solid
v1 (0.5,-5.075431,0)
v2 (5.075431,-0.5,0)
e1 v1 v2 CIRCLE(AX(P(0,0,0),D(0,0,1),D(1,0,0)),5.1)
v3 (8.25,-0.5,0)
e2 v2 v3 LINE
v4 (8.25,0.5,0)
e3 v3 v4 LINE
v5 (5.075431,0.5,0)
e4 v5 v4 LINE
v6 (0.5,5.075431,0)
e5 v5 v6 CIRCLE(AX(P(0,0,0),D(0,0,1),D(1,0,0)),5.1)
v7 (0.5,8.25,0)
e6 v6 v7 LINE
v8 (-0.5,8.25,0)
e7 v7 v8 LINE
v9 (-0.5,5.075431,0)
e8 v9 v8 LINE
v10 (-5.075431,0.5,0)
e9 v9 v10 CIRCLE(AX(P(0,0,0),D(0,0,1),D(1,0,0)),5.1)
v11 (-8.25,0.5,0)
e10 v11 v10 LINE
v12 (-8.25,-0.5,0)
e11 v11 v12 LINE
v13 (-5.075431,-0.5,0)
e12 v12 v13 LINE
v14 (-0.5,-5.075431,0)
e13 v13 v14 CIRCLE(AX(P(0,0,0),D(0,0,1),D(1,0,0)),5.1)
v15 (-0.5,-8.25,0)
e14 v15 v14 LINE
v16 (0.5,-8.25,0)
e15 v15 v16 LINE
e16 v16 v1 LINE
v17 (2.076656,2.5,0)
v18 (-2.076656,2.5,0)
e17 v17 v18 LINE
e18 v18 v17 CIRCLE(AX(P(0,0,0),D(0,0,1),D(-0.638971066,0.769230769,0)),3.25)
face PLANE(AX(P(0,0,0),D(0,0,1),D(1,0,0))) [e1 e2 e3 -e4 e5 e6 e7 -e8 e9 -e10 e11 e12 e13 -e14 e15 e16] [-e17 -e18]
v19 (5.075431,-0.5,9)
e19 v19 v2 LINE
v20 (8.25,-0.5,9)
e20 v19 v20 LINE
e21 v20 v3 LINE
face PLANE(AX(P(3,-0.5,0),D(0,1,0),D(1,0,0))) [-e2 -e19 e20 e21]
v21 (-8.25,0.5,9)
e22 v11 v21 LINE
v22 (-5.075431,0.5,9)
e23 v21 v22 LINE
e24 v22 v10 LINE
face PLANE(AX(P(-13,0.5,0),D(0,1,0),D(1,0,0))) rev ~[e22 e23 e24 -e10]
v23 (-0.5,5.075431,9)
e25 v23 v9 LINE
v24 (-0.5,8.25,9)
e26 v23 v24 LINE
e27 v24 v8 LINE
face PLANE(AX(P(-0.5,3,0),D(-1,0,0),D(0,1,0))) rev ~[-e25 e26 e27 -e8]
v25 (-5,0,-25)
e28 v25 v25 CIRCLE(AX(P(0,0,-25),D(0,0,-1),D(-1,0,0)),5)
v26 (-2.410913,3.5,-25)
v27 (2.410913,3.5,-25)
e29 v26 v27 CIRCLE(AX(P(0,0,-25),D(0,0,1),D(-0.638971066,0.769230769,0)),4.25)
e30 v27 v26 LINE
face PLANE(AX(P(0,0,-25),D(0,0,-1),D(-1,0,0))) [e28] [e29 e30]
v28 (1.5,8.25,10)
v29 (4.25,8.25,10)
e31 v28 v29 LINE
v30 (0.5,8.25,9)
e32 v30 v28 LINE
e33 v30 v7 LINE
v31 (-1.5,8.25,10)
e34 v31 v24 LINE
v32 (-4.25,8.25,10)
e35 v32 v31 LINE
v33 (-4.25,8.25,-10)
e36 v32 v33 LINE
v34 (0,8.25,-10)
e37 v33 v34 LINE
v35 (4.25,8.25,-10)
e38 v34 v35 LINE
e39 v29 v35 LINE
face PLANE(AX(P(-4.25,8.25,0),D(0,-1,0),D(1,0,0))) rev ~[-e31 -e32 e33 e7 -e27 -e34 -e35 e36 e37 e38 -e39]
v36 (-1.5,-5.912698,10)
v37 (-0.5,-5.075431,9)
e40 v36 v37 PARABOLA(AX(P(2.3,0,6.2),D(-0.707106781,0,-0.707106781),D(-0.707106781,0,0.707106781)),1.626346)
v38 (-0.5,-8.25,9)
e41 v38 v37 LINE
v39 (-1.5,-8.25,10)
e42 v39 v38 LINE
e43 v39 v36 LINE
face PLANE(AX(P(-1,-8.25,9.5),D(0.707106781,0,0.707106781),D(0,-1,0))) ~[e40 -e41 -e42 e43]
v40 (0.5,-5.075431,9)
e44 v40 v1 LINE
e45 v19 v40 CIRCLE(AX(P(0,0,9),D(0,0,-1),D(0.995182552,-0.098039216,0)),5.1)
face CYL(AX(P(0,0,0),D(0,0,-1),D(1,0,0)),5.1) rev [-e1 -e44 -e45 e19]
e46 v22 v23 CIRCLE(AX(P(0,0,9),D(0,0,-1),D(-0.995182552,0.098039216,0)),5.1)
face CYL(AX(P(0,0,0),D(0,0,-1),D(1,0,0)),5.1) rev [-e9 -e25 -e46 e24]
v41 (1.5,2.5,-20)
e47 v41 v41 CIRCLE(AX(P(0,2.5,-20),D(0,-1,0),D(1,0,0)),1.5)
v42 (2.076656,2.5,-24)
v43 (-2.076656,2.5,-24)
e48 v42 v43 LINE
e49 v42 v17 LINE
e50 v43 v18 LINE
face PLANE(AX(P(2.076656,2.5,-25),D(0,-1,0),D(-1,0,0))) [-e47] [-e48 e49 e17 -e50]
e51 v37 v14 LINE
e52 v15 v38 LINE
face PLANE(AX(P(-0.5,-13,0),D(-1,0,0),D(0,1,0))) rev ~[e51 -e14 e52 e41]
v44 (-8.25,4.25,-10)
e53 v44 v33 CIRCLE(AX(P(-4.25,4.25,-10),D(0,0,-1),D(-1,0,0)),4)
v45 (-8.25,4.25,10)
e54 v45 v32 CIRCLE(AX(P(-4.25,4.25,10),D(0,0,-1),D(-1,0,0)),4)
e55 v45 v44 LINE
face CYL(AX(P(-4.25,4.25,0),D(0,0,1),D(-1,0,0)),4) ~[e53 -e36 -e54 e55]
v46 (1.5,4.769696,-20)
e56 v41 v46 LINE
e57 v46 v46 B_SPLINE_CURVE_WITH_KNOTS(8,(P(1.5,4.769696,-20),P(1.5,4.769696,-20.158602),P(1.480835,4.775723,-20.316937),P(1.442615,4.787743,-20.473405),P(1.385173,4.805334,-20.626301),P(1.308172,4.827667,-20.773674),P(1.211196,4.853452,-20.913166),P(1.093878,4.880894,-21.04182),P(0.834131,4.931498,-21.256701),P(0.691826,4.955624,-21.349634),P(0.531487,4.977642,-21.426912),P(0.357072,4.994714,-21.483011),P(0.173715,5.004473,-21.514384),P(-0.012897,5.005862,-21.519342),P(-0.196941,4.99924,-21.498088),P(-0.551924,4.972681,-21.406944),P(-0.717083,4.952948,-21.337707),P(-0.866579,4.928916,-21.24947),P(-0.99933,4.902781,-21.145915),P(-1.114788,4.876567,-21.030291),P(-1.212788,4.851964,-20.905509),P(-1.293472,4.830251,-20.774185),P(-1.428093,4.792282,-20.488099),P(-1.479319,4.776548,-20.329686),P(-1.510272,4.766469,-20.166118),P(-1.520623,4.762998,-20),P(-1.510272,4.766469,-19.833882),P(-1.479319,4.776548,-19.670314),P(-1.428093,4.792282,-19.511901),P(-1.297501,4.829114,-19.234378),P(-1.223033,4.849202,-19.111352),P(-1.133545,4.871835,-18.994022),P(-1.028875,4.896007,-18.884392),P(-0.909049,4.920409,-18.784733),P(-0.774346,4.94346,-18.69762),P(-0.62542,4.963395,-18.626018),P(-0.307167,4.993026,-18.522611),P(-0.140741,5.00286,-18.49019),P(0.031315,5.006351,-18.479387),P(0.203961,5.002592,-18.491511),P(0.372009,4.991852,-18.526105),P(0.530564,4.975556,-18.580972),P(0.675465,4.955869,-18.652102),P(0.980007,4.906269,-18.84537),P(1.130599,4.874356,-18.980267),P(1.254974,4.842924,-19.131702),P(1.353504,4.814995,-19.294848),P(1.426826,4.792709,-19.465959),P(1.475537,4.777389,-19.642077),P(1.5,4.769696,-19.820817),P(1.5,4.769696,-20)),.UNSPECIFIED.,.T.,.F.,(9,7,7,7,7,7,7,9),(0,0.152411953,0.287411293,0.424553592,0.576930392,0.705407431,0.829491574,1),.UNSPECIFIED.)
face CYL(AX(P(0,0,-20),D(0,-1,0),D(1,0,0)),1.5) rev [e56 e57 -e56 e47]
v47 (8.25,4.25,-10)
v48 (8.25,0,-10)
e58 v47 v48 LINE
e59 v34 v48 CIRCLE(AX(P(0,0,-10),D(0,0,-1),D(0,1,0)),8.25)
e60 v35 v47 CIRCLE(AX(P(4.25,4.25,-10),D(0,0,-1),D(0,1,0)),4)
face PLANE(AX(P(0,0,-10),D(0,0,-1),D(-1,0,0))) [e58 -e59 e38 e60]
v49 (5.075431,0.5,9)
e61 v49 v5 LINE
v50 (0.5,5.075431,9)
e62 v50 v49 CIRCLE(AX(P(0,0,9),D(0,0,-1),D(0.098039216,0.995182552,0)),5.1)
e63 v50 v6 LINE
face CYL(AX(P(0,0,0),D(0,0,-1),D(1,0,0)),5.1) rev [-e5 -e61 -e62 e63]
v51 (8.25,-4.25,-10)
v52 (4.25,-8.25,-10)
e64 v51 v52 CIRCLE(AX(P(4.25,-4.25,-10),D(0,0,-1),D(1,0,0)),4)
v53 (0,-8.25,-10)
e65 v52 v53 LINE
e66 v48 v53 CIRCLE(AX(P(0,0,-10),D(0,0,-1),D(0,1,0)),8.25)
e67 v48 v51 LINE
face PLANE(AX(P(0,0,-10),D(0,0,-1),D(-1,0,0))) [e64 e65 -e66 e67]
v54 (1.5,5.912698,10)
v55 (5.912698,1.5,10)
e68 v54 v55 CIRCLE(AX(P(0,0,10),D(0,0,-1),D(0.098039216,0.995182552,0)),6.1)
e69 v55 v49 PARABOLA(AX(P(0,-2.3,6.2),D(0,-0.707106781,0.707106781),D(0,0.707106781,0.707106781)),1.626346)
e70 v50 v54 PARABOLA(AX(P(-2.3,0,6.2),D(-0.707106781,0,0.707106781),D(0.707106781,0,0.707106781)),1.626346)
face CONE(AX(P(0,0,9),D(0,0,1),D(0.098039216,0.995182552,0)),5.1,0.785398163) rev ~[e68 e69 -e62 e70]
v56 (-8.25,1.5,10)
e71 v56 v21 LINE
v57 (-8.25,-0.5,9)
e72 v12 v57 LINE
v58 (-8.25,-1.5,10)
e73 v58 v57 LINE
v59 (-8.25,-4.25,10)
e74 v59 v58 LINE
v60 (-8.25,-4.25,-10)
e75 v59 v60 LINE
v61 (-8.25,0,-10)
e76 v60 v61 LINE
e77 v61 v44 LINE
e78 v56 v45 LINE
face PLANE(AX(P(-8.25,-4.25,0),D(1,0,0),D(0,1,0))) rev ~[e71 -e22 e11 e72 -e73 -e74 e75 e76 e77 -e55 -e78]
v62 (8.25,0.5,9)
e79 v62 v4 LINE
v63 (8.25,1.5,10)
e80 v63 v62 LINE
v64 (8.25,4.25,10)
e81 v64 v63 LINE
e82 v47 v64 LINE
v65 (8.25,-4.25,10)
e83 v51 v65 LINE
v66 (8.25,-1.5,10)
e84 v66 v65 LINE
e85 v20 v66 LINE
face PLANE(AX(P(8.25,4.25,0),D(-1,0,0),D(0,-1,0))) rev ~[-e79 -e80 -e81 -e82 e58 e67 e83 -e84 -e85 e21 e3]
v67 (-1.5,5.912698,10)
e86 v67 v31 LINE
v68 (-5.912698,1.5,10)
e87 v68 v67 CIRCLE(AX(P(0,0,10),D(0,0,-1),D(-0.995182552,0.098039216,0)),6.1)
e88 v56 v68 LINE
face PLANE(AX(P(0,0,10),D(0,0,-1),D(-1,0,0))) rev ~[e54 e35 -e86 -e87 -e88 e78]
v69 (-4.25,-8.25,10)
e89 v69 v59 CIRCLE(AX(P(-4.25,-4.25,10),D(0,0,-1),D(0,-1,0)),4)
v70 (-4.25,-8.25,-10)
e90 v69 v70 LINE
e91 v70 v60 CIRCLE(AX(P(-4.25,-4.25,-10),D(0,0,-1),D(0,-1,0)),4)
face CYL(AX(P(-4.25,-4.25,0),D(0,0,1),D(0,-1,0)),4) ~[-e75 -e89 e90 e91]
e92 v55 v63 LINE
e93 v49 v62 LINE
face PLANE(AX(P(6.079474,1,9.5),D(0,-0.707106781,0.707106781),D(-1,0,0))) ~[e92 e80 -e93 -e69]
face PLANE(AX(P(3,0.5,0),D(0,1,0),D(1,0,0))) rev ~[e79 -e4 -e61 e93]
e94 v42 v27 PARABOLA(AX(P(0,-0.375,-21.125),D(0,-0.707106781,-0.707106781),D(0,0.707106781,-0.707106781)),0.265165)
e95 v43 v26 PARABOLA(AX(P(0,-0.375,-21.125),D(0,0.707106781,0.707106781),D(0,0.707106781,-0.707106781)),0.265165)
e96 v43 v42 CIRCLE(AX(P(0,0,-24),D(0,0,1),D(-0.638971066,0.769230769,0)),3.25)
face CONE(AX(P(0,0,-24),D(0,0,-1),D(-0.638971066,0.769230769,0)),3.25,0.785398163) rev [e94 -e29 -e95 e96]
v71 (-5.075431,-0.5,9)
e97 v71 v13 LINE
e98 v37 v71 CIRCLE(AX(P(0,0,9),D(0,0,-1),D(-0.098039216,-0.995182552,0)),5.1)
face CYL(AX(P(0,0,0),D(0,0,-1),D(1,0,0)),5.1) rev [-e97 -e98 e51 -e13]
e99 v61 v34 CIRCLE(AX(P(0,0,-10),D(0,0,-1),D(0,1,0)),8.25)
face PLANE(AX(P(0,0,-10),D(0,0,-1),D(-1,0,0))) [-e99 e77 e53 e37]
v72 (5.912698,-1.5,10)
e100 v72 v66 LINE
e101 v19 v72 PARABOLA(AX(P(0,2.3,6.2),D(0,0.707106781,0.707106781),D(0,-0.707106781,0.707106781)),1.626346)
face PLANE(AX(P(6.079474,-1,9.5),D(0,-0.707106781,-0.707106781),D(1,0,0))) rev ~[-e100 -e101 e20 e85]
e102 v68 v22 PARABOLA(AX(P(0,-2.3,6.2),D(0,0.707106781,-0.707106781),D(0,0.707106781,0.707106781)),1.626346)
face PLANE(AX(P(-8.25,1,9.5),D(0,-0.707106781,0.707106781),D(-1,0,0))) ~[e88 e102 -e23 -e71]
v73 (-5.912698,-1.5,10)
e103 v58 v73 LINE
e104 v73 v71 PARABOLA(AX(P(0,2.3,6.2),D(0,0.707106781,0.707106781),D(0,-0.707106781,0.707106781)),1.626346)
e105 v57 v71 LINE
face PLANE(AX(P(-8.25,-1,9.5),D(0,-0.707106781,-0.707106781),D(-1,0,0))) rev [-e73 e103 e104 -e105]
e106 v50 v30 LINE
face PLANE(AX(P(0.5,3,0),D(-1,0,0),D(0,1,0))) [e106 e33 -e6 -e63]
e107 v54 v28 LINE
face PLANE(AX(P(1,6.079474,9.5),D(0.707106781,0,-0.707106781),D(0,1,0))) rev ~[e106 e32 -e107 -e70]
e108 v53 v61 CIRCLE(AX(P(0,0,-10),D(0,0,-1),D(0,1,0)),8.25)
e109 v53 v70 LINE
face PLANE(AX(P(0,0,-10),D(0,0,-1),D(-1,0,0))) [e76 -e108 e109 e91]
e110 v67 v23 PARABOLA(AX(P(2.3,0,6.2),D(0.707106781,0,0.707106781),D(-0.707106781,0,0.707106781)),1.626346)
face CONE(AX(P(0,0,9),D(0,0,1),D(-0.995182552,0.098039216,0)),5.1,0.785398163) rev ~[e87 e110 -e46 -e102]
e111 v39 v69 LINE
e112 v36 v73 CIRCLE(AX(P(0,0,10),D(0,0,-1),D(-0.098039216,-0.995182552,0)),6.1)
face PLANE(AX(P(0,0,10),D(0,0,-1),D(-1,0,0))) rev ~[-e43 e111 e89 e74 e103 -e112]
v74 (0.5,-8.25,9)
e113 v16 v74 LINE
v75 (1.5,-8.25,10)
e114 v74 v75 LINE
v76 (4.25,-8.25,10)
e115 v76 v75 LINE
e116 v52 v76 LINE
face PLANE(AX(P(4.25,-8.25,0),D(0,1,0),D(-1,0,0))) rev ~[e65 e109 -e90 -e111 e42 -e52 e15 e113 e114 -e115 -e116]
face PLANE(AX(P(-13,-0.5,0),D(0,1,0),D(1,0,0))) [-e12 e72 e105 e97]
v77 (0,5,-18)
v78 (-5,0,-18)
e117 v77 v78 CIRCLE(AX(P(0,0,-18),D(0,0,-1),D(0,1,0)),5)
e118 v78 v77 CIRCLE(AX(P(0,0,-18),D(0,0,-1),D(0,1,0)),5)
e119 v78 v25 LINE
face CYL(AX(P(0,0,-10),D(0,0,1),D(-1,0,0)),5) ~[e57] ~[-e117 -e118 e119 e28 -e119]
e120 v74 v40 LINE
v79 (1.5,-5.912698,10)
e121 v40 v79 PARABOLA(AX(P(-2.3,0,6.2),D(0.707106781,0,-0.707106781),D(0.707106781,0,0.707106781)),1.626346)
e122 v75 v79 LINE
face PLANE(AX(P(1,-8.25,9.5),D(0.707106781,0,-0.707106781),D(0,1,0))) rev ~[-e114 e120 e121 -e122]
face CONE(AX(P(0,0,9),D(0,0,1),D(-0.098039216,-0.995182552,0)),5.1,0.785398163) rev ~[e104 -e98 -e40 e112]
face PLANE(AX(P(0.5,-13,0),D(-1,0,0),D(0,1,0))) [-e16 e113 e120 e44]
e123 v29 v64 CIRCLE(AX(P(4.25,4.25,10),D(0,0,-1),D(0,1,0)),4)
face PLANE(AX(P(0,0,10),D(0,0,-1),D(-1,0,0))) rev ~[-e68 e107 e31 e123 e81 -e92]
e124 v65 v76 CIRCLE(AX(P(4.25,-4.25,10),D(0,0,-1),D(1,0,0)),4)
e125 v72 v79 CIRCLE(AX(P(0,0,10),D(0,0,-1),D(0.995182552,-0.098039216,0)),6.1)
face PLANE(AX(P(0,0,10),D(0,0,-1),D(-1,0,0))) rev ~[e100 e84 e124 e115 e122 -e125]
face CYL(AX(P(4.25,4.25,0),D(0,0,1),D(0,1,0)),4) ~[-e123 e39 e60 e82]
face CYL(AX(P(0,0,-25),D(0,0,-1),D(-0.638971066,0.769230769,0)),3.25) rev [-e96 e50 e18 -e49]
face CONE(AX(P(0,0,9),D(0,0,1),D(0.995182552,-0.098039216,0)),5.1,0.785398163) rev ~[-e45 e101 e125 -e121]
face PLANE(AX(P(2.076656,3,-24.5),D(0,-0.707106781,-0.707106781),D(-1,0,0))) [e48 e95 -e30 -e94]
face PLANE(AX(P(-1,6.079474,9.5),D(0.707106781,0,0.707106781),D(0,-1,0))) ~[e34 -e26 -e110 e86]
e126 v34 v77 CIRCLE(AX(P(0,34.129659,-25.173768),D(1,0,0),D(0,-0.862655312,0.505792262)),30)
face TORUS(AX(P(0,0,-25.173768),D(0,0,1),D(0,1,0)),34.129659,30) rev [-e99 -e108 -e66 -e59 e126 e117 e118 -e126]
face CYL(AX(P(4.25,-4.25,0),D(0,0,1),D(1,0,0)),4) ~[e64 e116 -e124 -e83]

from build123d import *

# Parameters (mm, degrees)
BOSS_EXTRUDE1_DEPTH = 10
SKETCH12_R          = 5
BOSS_EXTRUDE3_DEPTH = 15
CUT_EXTRUDE3_DEPTH  = 40
SKETCH14_R          = 1.5
CUT_EXTRUDE4_DEPTH  = 12
CHAMFER5_SIZE       = 1
SKETCH10_W          = 1
SKETCH10_H          = 10
SKETCH10_W_2        = 10
SKETCH10_H_2        = 1
CUT_EXTRUDE5_DEPTH  = 25
SKETCH16_R          = 5.1
CUT_EXTRUDE6_DEPTH  = 25
CHAMFER6_SIZE       = 1
CHAMFER7_SIZE       = 1


with BuildPart() as part:
    # Sketch2 → Boss-Extrude1 (new body, symmetric)
    with BuildSketch(Plane.XY):
        with BuildLine():
            Line((4.25, -8.25), (-4.25, -8.25))
            ThreePointArc((-4.25, -8.25), (-7.078427125, -7.078427125), (-8.25, -4.25))
            Line((-8.25, -4.25), (-8.25, 4.25))
            ThreePointArc((-8.25, 4.25), (-7.078427125, 7.078427125), (-4.25, 8.25))
            Line((-4.25, 8.25), (4.25, 8.25))
            ThreePointArc((4.25, 8.25), (7.078427125, 7.078427125), (8.25, 4.25))
            Line((8.25, 4.25), (8.25, -4.25))
            ThreePointArc((8.25, -4.25), (7.078427125, -7.078427125), (4.25, -8.25))
        make_face()
    extrude(amount=BOSS_EXTRUDE1_DEPTH, both=True)

    # Sketch12 → Boss-Extrude3 (add)
    with BuildSketch(Plane(origin=(0, 0, -10), x_dir=(-1, 0, 0), z_dir=(0, 0, -1))):
        Circle(SKETCH12_R)
    extrude(amount=BOSS_EXTRUDE3_DEPTH)

    # Sketch13 → Cut-Extrude3 (cut)
    with BuildSketch(Plane(origin=(0, 0, -25), x_dir=(-1, 0, 0), z_dir=(0, 0, -1))):
        with BuildLine():
            Line((-2.076655966, 2.5), (2.076655966, 2.5))
            ThreePointArc((2.076655966, 2.5), (0, -3.25), (-2.076655966, 2.5))
        make_face()
    extrude(amount=-CUT_EXTRUDE3_DEPTH, mode=Mode.SUBTRACT)

    # Sketch14 → Cut-Extrude4 (cut)
    with BuildSketch(Plane(origin=(0, 0, 0), x_dir=(1, 0, 0), z_dir=(0, 1, 0))):
        with Locations((0, 20)):
            Circle(SKETCH14_R)
    extrude(amount=CUT_EXTRUDE4_DEPTH, mode=Mode.SUBTRACT)

    # Chamfer5
    chamfer5_edges = [part.edges().sort_by_distance(p)[0] for p in [
        (0, 2.5, -25),
        (0, -3.25, -25),
    ]]
    chamfer(chamfer5_edges, length=CHAMFER5_SIZE)

    # Sketch10 → Cut-Extrude5 (cut)
    with BuildSketch(Plane.XY):
        with Locations((0, 8)):
            Rectangle(SKETCH10_W, SKETCH10_H)
        with Locations((8, 0)):
            Rectangle(SKETCH10_W_2, SKETCH10_H_2)
        with Locations((0, -8)):
            Rectangle(SKETCH10_W, SKETCH10_H)
        with Locations((-8, 0)):
            Rectangle(SKETCH10_W_2, SKETCH10_H_2)
    extrude(amount=CUT_EXTRUDE5_DEPTH, mode=Mode.SUBTRACT)

    # Sketch16 → Cut-Extrude6 (cut)
    with BuildSketch(Plane.XY):
        Circle(SKETCH16_R)
    extrude(amount=CUT_EXTRUDE6_DEPTH, mode=Mode.SUBTRACT)

    # Sketch56 → Revolve3 (revolve)
    with BuildSketch(Plane(origin=(0, 0, 0), x_dir=(0, 0, -1), z_dir=(1, 0, 0))):
        with BuildLine():
            Line((10, 5), (10, 8.25))
            ThreePointArc((10, 8.25), (13.882456458, 6.335662049), (18, 5))
            Line((18, 5), (10, 5))
        make_face()
    revolve(axis=Axis((0, 0, 0), (0, 0, -1)))

    # Chamfer6
    chamfer6_edges = [part.edges().sort_by_distance(p)[0] for p in [
        (-3.606244584, -3.606244584, 10),
        (3.606244584, -3.606244584, 10),
        (3.606244584, 3.606244584, 10),
        (-3.606244584, 3.606244584, 10),
    ]]
    chamfer(chamfer6_edges, length=CHAMFER6_SIZE)

    # Chamfer7
    chamfer7_edges = [part.edges().sort_by_distance(p)[0] for p in [
        (0.5, 7.164736831, 10),
        (-0.5, 7.164736831, 10),
        (-7.164736831, 0.5, 10),
        (-7.164736831, -0.5, 10),
        (-0.5, -7.164736831, 10),
        (0.5, -7.164736831, 10),
        (7.164736831, -0.5, 10),
        (7.164736831, 0.5, 10),
    ]]
    chamfer(chamfer7_edges, length=CHAMFER7_SIZE)


solid = part.part
